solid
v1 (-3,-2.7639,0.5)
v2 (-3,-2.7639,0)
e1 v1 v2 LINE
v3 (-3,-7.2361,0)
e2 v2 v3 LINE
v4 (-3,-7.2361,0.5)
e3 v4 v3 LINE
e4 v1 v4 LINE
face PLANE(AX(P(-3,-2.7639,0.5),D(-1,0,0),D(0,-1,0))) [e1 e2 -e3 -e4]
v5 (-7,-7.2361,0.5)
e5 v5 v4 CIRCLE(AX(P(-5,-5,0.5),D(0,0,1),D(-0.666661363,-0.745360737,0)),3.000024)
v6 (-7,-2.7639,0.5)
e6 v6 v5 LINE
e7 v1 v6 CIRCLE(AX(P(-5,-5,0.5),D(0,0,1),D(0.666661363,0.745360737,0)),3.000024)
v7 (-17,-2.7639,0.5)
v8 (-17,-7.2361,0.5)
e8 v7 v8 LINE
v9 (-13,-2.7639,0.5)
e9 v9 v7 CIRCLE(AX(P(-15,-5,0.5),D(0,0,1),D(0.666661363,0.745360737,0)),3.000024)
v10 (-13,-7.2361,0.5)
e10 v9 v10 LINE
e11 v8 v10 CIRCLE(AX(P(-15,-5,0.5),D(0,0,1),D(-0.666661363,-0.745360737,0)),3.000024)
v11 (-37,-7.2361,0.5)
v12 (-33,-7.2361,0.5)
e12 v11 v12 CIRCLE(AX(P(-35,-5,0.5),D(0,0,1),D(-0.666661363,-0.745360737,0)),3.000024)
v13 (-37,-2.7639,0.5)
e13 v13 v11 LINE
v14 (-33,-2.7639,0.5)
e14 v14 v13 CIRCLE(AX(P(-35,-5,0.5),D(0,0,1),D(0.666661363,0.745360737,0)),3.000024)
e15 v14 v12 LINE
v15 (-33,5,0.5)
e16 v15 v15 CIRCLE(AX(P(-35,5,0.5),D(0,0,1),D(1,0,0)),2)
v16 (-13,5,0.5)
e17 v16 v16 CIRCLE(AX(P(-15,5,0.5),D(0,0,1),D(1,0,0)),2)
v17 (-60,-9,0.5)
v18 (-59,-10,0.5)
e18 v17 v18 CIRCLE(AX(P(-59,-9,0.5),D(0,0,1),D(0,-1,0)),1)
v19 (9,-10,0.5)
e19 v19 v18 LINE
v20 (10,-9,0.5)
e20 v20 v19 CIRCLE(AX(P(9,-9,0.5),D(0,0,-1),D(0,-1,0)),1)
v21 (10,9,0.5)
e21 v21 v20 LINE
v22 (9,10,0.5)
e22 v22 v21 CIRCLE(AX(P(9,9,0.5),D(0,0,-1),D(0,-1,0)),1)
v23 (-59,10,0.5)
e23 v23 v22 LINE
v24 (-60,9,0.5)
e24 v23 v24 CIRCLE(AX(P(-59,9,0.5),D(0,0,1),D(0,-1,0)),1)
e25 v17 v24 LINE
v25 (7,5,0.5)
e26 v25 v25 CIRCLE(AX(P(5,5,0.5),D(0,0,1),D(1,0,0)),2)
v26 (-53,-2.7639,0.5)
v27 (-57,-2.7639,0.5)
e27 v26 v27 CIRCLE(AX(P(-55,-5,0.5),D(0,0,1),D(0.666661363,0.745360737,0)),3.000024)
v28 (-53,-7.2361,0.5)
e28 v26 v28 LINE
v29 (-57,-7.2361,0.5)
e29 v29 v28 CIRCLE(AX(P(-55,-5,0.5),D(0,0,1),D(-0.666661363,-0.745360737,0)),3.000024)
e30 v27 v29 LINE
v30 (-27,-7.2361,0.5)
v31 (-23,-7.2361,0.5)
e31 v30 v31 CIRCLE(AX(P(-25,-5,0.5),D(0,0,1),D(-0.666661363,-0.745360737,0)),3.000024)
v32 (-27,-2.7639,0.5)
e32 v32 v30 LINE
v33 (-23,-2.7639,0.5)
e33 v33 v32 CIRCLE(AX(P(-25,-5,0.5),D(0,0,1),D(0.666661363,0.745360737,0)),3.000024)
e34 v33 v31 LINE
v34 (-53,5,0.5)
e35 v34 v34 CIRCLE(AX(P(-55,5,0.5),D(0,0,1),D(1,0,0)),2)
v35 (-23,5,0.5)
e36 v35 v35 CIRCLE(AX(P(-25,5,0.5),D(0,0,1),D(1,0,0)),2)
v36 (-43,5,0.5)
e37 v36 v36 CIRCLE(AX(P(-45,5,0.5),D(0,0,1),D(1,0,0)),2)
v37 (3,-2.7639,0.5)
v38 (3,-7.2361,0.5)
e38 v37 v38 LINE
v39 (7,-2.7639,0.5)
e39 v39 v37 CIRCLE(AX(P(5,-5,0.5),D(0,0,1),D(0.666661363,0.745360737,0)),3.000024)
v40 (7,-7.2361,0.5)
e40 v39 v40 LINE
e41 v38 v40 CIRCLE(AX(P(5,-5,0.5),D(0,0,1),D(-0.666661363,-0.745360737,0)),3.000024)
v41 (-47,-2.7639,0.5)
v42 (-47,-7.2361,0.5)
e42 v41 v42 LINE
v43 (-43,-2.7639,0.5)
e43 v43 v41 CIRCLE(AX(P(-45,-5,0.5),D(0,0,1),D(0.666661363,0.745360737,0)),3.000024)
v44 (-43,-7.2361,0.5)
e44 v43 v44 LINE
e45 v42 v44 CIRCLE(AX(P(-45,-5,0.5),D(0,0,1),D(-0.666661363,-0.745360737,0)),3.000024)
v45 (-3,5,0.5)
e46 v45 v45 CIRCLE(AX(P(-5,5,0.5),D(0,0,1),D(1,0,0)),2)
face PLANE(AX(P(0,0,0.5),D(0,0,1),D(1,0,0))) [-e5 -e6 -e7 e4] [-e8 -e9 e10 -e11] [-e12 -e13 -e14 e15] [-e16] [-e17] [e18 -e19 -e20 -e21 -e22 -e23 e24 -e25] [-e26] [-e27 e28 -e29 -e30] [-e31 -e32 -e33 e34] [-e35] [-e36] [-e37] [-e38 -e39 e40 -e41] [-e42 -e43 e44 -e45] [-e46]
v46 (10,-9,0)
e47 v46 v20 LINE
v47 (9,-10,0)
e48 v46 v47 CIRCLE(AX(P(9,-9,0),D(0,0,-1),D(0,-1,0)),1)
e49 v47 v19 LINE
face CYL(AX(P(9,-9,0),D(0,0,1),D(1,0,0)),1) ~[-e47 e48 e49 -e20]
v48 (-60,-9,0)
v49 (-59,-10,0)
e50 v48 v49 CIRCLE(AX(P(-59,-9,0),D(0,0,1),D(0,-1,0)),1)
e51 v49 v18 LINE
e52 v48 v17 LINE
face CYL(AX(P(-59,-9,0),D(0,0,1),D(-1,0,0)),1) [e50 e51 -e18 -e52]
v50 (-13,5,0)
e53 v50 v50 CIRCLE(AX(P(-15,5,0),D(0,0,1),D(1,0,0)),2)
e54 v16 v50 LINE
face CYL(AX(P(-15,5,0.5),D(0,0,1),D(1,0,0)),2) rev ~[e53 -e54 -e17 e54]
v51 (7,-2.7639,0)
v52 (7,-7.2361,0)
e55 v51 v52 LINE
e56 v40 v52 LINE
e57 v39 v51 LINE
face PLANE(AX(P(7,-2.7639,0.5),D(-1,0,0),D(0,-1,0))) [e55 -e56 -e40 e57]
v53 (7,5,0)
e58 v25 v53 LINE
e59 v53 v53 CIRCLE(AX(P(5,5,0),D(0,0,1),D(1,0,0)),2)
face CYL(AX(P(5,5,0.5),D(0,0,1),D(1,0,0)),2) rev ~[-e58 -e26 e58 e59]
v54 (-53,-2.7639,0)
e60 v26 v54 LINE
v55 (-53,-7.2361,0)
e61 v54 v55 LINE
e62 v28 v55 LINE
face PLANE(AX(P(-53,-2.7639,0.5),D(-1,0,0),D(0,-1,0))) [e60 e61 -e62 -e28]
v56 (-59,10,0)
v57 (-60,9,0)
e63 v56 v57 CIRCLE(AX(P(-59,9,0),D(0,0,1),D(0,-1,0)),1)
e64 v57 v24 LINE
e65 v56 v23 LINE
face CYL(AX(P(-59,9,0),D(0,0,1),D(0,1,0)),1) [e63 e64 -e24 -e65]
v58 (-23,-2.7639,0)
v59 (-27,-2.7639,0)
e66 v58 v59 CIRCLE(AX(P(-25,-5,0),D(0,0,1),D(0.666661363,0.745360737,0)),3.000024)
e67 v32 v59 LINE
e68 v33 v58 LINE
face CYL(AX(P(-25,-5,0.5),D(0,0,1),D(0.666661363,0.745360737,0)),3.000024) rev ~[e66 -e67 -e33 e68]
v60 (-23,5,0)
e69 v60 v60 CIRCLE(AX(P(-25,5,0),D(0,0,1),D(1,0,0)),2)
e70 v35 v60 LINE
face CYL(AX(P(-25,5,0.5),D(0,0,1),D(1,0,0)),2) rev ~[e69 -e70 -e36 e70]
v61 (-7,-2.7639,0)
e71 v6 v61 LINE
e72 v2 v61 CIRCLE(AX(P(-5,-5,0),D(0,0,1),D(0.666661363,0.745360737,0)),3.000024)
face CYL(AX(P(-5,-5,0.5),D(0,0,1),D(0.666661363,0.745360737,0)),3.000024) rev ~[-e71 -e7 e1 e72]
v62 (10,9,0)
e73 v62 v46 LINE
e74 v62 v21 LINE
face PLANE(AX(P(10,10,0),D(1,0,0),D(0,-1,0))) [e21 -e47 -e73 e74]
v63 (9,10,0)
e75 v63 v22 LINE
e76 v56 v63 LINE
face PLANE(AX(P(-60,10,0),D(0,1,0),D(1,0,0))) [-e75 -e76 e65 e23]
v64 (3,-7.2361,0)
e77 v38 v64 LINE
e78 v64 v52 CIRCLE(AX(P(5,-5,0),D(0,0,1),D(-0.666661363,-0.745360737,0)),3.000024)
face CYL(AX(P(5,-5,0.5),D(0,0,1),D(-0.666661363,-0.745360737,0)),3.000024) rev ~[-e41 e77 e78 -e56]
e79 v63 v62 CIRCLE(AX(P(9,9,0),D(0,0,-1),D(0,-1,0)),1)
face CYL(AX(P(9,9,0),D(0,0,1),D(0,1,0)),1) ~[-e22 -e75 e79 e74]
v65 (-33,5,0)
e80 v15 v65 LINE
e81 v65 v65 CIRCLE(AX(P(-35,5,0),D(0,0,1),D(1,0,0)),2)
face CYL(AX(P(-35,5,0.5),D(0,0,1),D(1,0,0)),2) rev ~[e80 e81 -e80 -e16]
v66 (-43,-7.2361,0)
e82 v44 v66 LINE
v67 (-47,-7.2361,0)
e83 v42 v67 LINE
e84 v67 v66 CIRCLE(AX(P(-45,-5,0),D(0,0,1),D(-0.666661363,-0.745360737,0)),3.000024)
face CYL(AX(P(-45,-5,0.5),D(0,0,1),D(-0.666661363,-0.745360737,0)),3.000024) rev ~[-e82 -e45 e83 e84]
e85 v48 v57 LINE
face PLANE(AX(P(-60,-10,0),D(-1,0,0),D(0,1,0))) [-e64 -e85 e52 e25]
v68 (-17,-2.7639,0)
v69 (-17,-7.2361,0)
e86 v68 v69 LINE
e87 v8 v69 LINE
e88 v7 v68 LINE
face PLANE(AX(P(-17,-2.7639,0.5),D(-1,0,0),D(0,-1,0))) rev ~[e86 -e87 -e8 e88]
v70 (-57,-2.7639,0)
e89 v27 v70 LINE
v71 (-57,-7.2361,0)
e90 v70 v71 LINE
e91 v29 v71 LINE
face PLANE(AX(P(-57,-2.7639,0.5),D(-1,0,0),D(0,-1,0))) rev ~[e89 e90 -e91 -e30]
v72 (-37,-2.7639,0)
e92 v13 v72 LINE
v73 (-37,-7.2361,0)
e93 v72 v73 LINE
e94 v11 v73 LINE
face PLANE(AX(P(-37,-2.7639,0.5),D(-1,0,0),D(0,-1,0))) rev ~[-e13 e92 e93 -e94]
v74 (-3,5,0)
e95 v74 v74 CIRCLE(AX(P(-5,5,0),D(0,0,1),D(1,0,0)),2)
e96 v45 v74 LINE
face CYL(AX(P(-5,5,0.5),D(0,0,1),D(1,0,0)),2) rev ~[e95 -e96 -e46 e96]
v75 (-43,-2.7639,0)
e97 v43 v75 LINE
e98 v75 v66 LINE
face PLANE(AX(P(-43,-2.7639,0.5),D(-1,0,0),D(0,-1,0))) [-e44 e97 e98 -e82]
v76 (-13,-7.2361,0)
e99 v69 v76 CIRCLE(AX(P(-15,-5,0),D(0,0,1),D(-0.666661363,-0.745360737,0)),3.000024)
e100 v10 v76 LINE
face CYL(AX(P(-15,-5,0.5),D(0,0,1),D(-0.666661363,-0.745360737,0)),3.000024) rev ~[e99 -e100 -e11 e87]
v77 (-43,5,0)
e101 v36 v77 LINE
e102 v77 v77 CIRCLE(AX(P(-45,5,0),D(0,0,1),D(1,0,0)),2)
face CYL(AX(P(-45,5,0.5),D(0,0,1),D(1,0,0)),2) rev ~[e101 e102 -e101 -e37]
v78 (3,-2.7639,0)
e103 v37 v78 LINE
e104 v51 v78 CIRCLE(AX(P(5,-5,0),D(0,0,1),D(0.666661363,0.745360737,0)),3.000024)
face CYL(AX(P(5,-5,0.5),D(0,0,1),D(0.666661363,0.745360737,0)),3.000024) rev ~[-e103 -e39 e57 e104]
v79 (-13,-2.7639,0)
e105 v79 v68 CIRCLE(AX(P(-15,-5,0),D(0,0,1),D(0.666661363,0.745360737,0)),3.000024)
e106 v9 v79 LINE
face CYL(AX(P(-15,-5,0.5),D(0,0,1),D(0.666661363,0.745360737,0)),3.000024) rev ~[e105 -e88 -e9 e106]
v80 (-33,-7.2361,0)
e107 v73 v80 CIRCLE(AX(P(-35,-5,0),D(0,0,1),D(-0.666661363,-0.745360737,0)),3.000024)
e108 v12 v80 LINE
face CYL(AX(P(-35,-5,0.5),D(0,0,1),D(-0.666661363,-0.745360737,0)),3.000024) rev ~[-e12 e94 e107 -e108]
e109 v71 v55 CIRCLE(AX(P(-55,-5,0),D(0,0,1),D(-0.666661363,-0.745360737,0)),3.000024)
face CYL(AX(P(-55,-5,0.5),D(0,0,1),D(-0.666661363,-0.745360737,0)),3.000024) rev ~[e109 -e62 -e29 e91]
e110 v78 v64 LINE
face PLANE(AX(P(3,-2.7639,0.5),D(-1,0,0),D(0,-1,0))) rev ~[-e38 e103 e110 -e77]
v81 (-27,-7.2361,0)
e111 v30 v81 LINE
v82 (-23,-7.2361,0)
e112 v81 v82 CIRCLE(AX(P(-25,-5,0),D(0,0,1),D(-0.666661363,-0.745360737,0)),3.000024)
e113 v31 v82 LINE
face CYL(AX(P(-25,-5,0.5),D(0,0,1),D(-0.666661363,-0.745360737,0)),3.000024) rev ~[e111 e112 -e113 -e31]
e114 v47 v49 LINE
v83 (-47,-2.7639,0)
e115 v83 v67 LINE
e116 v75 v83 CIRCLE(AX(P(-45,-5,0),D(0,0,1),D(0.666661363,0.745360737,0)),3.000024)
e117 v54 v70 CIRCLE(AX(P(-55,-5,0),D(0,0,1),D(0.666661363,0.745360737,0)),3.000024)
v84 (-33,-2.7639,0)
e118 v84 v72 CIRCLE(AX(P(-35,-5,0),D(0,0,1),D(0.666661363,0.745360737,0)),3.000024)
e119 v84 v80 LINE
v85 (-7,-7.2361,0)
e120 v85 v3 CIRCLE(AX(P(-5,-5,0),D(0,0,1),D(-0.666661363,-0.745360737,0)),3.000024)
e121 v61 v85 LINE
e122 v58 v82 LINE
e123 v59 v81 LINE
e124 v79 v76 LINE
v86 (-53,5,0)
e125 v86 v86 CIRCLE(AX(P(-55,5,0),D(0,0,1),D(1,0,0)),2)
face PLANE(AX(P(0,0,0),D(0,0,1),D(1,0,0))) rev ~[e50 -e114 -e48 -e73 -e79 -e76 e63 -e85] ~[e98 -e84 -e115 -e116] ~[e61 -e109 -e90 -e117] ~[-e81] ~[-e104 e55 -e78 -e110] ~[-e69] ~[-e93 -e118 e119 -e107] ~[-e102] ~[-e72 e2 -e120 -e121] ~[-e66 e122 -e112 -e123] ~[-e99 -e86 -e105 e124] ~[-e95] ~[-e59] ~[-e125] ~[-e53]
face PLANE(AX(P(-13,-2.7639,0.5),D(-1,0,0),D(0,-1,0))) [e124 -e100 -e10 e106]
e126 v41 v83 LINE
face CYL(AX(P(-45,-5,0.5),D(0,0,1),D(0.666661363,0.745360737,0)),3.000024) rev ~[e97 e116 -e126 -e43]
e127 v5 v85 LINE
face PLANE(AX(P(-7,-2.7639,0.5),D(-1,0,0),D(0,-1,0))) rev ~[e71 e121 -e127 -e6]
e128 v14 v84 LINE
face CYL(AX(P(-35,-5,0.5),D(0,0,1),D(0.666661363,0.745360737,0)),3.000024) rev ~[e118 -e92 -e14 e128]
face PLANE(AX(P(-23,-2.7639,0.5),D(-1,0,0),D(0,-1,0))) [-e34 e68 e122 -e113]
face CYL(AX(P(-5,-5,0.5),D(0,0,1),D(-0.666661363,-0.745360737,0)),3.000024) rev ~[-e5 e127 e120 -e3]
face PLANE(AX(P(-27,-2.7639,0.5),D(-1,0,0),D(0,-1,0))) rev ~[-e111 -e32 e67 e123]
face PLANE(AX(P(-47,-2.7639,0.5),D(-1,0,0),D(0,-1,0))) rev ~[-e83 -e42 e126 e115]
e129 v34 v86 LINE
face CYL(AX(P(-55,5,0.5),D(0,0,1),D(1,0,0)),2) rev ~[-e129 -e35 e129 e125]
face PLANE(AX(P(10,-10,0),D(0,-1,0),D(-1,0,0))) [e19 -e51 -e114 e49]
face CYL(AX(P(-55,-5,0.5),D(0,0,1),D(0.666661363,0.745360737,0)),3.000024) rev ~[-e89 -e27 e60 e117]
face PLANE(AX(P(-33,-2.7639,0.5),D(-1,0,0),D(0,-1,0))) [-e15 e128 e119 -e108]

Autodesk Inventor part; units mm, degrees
ref_plane "YZ Plane" through (0, 0, 0) normal (1, 0, 0) x (0, 1, 0)
ref_plane "XZ Plane" through (0, 0, 0) normal (0, 1, 0) x (-1, 0, 0)
ref_plane "XY Plane" through (0, 0, 0) normal (0, 0, 1) x (1, 0, 0)
sketch "Náčrt1" plane through (0, 0, 0) normal (0, 0, 1) x (1, 0, 0)
  line L0 (-60, 10) -> (10, 10)
  line L1 (10, 10) -> (10, -10)
  line L2 (10, -10) -> (-60, -10)
  line L3 (-60, -10) -> (-60, 10)
  point P0 (0, 0)
  dimension "d0" = 20
  dimension "d1" = 70
  dimension "d2" = 10
  dimension "d3" = 10
extrude "Vysunutí1" add sketch "Náčrt1" along normal blind 0.5
sketch "Náčrt2" plane through (0, 0, 0.5) normal (0, 0, 1) x (1, 0, 0)
  circle A0 centre (-55, 5) radius 2
  line L0 (10, 10) -> (-60, 10) projected
  line L1 (-60, 10) -> (-60, -10) projected
  point P0 (0, 0)
  dimension "d6" = 4
  dimension "d7" = 5
  dimension "d8" = 5
extrude "Vysunutí2" cut sketch "Náčrt2" against normal blind 0.5
pattern_linear "Obdélníkové pole1" count 7 spacing 10 along (1, 0, 0) of "Vysunutí2"
fillet "Zaoblení1" radius 1 1 edges at (10, 10, 0.25)
fillet "Zaoblení2" radius 1 2 edges at (-60, 10, 0.25) (-60, -10, 0.25)
fillet "Zaoblení3" radius 1 1 edges at (10, -10, 0.25)
sketch "Náčrt3" plane through (0, 0, 0.5) normal (0, 0, 1) x (1, 0, 0)
  line L0 (7, -2.7639) -> (7, -7.2361)
  line L1 (3, -2.7639) -> (3, -7.2361)
  arc A0 (7, -2.7639) -> (3, -2.7639) centre (5, -5) ccw
  arc A1 (3, -7.2361) -> (7, -7.2361) centre (5, -5) ccw
  line L2 (10, -9) -> (10, 9) projected
  line L3 (-59, -10) -> (9, -10) projected
  point P0 (0, 0)
  point P1 (3, -7.229)
  point P2 (5, -8)
  point P3 (5, -2)
  dimension "d24" = 2
  dimension "d25" = 4
  dimension "d26" = 5
  dimension "d27" = 5
  dimension "d28" = 3
  dimension "d29" = 3
extrude "Vysunutí3" cut sketch "Náčrt3" against normal blind 10
pattern_linear "Obdélníkové pole2" count 7 spacing 10 along (-1, 0, 0) of "Vysunutí3"
properties part number "1021"
